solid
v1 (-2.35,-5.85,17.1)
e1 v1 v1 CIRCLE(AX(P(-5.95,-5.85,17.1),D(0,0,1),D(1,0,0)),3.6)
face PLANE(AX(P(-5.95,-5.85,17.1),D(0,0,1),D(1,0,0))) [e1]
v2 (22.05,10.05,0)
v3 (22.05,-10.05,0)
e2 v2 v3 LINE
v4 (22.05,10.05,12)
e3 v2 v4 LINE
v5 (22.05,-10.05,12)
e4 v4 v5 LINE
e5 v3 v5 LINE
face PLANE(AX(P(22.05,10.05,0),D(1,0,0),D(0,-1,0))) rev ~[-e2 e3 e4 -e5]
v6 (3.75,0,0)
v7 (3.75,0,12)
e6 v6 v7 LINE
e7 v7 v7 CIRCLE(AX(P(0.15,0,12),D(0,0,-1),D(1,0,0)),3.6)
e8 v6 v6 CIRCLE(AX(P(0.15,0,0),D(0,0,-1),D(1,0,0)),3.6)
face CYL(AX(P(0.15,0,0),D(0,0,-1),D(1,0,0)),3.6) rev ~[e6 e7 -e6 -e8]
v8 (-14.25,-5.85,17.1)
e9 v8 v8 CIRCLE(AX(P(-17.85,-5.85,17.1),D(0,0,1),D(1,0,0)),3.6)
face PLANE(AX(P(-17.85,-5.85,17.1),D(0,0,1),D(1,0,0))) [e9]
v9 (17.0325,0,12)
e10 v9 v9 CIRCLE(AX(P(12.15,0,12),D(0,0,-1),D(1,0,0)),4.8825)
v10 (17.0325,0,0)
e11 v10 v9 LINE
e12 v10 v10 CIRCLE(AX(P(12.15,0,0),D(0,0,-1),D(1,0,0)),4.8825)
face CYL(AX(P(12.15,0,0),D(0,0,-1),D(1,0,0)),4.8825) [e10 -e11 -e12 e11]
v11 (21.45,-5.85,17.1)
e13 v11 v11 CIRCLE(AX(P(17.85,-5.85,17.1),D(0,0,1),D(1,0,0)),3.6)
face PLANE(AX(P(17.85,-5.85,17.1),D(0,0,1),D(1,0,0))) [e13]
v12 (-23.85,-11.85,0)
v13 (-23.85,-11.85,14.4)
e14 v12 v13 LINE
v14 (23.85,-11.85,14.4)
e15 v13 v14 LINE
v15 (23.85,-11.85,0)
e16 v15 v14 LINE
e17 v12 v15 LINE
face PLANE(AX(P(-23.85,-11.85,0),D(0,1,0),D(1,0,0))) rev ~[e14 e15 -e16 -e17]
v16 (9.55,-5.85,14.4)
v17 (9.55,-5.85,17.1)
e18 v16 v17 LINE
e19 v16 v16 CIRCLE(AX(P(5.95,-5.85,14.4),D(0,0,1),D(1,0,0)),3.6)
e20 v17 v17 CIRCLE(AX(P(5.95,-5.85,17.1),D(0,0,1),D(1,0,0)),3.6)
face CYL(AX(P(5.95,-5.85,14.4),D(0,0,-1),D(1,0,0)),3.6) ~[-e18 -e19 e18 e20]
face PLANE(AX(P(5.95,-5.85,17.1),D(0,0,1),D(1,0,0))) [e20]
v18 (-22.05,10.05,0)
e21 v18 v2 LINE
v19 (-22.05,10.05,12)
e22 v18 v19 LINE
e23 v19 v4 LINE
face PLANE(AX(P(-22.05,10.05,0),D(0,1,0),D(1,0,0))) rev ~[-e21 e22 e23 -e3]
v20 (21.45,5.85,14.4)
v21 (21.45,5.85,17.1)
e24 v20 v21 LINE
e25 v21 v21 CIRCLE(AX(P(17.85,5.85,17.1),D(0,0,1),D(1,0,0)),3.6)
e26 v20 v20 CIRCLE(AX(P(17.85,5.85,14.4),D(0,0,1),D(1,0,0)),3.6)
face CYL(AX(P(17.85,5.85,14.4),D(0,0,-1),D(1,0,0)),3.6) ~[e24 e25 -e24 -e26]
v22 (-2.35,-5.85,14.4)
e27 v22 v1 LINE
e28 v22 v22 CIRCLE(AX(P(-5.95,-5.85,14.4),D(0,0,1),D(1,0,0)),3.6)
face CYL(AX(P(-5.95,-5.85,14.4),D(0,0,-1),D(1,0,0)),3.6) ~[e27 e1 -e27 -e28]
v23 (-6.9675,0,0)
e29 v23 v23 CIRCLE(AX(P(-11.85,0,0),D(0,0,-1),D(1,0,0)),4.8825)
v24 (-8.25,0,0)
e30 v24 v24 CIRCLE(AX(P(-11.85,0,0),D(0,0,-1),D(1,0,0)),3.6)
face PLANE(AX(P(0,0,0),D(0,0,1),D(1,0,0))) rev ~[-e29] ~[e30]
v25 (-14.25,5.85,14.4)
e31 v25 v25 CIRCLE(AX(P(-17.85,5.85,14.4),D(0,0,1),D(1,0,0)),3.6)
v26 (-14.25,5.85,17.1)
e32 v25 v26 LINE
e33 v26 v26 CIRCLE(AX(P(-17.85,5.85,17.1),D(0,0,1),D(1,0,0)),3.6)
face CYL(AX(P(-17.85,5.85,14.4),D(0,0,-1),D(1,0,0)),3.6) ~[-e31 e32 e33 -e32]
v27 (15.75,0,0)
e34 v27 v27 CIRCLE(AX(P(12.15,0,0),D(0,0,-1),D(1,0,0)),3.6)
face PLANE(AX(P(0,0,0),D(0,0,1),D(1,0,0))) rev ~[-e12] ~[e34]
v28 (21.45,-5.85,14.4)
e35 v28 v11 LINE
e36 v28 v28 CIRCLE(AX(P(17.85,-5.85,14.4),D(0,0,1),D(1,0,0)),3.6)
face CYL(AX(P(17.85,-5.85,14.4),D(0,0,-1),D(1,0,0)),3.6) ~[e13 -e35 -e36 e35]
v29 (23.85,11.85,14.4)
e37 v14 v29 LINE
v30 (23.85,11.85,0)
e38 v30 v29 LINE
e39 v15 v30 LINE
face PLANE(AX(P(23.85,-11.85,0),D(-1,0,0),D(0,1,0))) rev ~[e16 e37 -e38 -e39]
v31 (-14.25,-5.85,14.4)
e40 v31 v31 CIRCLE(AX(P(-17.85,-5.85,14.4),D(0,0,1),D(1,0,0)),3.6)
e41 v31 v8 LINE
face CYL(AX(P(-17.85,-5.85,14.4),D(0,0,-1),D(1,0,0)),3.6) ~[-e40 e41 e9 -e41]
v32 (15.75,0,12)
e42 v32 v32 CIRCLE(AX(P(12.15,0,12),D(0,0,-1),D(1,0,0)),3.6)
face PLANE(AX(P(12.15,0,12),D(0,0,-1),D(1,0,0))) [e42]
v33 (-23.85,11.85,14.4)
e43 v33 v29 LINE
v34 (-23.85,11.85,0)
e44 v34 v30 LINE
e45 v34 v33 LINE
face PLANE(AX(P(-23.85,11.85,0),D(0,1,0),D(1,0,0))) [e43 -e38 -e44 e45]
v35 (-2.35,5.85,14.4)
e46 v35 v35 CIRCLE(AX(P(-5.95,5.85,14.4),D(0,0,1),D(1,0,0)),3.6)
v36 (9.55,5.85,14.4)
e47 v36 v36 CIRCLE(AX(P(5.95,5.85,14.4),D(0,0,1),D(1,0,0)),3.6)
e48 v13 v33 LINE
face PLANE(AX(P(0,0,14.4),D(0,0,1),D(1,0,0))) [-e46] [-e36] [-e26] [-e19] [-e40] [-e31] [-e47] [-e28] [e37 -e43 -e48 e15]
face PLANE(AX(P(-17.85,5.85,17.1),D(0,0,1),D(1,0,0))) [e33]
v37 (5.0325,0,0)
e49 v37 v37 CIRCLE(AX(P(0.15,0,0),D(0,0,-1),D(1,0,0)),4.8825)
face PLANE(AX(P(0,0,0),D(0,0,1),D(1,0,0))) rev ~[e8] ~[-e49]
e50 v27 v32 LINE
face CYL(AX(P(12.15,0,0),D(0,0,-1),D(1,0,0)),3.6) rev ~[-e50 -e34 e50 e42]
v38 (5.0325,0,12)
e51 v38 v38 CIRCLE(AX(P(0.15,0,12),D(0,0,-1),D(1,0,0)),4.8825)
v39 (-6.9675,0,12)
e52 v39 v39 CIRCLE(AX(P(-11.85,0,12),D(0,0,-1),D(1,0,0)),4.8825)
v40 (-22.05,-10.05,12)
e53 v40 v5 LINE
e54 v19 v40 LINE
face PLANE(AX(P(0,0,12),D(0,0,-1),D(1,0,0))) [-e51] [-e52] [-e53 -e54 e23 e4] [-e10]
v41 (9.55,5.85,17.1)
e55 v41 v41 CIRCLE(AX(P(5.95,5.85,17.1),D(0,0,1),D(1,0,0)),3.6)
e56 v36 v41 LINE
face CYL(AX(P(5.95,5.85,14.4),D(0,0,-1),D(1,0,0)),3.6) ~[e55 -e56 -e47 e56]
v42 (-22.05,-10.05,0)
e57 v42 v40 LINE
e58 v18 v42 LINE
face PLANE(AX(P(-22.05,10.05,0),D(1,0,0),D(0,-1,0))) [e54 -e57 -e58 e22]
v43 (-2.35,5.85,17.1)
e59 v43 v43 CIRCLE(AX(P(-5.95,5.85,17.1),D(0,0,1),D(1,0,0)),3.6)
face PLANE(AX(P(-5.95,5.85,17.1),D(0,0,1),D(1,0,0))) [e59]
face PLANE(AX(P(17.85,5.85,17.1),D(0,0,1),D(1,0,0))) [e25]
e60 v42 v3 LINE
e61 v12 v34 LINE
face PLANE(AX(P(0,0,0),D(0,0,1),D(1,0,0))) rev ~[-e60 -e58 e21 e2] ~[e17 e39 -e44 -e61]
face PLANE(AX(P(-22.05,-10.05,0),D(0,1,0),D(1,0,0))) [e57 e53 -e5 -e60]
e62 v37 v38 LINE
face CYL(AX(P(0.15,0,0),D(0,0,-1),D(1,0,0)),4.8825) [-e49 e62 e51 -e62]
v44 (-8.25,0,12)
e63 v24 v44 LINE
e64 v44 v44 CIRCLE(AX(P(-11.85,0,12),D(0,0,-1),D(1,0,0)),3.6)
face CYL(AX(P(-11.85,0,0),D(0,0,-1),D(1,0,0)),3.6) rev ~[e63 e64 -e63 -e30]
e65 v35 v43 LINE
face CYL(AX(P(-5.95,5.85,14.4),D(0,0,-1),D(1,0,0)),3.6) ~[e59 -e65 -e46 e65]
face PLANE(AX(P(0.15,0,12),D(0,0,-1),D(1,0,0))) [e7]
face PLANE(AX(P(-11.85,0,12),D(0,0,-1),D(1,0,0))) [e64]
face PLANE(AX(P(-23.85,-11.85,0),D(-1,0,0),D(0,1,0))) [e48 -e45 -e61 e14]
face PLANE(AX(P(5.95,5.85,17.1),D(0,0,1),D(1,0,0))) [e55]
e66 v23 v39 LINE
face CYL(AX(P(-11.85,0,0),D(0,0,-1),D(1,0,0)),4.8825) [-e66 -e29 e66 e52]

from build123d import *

# Parameters (mm, degrees)
SKETCH_W            = 47.7
SKETCH_H            = 23.7
PAD_DEPTH           = 14.4
SKETCH001_R         = 3.6
PAD001_DEPTH        = 2.7
LINEARPATTERN_COUNT = 4
LINEARPATTERN_PITCH = 11.9
SKETCH002_W         = 44.1
SKETCH002_H         = 20.1
SKETCH002_R         = 4.8825
SKETCH002_R_2       = 3.6
POCKET_DEPTH        = 12


with BuildPart() as part:
    # Sketch → Pad (new body)
    with BuildSketch(Plane.XY):
        Rectangle(SKETCH_W, SKETCH_H)
    extrude(amount=PAD_DEPTH)

    # Sketch001 (on Face6 of Pad) → Pad001 (join)
    with BuildSketch(Plane.XY.offset(14.4)):
        with Locations((-17.85, -5.85)):
            Circle(SKETCH001_R)
        with Locations((-17.85, 5.85)):
            Circle(SKETCH001_R)
    pad001 = extrude(amount=PAD001_DEPTH)

    # LinearPattern: Pad001 ×4
    with Locations(*[(i * LINEARPATTERN_PITCH, 0, 0) for i in range(1, LINEARPATTERN_COUNT)]):
        add(pad001)

    # Sketch002 (on Face4 of LinearPattern) → Pocket (cut)
    with BuildSketch(Plane(origin=(0, 0, 0), x_dir=(1, 0, 0), z_dir=(0, 0, -1))):
        Rectangle(SKETCH002_W, SKETCH002_H)
        with Locations((-11.85, 0)):
            Circle(SKETCH002_R, mode=Mode.SUBTRACT)
        with Locations((0.15, 0)):
            Circle(SKETCH002_R, mode=Mode.SUBTRACT)
        with Locations((12.15, 0)):
            Circle(SKETCH002_R, mode=Mode.SUBTRACT)
        with Locations((-11.85, 0)):
            Circle(SKETCH002_R_2)
        with Locations((0.15, 0)):
            Circle(SKETCH002_R_2)
        with Locations((12.15, 0)):
            Circle(SKETCH002_R_2)
    extrude(amount=-POCKET_DEPTH, mode=Mode.SUBTRACT)


solid = part.part
